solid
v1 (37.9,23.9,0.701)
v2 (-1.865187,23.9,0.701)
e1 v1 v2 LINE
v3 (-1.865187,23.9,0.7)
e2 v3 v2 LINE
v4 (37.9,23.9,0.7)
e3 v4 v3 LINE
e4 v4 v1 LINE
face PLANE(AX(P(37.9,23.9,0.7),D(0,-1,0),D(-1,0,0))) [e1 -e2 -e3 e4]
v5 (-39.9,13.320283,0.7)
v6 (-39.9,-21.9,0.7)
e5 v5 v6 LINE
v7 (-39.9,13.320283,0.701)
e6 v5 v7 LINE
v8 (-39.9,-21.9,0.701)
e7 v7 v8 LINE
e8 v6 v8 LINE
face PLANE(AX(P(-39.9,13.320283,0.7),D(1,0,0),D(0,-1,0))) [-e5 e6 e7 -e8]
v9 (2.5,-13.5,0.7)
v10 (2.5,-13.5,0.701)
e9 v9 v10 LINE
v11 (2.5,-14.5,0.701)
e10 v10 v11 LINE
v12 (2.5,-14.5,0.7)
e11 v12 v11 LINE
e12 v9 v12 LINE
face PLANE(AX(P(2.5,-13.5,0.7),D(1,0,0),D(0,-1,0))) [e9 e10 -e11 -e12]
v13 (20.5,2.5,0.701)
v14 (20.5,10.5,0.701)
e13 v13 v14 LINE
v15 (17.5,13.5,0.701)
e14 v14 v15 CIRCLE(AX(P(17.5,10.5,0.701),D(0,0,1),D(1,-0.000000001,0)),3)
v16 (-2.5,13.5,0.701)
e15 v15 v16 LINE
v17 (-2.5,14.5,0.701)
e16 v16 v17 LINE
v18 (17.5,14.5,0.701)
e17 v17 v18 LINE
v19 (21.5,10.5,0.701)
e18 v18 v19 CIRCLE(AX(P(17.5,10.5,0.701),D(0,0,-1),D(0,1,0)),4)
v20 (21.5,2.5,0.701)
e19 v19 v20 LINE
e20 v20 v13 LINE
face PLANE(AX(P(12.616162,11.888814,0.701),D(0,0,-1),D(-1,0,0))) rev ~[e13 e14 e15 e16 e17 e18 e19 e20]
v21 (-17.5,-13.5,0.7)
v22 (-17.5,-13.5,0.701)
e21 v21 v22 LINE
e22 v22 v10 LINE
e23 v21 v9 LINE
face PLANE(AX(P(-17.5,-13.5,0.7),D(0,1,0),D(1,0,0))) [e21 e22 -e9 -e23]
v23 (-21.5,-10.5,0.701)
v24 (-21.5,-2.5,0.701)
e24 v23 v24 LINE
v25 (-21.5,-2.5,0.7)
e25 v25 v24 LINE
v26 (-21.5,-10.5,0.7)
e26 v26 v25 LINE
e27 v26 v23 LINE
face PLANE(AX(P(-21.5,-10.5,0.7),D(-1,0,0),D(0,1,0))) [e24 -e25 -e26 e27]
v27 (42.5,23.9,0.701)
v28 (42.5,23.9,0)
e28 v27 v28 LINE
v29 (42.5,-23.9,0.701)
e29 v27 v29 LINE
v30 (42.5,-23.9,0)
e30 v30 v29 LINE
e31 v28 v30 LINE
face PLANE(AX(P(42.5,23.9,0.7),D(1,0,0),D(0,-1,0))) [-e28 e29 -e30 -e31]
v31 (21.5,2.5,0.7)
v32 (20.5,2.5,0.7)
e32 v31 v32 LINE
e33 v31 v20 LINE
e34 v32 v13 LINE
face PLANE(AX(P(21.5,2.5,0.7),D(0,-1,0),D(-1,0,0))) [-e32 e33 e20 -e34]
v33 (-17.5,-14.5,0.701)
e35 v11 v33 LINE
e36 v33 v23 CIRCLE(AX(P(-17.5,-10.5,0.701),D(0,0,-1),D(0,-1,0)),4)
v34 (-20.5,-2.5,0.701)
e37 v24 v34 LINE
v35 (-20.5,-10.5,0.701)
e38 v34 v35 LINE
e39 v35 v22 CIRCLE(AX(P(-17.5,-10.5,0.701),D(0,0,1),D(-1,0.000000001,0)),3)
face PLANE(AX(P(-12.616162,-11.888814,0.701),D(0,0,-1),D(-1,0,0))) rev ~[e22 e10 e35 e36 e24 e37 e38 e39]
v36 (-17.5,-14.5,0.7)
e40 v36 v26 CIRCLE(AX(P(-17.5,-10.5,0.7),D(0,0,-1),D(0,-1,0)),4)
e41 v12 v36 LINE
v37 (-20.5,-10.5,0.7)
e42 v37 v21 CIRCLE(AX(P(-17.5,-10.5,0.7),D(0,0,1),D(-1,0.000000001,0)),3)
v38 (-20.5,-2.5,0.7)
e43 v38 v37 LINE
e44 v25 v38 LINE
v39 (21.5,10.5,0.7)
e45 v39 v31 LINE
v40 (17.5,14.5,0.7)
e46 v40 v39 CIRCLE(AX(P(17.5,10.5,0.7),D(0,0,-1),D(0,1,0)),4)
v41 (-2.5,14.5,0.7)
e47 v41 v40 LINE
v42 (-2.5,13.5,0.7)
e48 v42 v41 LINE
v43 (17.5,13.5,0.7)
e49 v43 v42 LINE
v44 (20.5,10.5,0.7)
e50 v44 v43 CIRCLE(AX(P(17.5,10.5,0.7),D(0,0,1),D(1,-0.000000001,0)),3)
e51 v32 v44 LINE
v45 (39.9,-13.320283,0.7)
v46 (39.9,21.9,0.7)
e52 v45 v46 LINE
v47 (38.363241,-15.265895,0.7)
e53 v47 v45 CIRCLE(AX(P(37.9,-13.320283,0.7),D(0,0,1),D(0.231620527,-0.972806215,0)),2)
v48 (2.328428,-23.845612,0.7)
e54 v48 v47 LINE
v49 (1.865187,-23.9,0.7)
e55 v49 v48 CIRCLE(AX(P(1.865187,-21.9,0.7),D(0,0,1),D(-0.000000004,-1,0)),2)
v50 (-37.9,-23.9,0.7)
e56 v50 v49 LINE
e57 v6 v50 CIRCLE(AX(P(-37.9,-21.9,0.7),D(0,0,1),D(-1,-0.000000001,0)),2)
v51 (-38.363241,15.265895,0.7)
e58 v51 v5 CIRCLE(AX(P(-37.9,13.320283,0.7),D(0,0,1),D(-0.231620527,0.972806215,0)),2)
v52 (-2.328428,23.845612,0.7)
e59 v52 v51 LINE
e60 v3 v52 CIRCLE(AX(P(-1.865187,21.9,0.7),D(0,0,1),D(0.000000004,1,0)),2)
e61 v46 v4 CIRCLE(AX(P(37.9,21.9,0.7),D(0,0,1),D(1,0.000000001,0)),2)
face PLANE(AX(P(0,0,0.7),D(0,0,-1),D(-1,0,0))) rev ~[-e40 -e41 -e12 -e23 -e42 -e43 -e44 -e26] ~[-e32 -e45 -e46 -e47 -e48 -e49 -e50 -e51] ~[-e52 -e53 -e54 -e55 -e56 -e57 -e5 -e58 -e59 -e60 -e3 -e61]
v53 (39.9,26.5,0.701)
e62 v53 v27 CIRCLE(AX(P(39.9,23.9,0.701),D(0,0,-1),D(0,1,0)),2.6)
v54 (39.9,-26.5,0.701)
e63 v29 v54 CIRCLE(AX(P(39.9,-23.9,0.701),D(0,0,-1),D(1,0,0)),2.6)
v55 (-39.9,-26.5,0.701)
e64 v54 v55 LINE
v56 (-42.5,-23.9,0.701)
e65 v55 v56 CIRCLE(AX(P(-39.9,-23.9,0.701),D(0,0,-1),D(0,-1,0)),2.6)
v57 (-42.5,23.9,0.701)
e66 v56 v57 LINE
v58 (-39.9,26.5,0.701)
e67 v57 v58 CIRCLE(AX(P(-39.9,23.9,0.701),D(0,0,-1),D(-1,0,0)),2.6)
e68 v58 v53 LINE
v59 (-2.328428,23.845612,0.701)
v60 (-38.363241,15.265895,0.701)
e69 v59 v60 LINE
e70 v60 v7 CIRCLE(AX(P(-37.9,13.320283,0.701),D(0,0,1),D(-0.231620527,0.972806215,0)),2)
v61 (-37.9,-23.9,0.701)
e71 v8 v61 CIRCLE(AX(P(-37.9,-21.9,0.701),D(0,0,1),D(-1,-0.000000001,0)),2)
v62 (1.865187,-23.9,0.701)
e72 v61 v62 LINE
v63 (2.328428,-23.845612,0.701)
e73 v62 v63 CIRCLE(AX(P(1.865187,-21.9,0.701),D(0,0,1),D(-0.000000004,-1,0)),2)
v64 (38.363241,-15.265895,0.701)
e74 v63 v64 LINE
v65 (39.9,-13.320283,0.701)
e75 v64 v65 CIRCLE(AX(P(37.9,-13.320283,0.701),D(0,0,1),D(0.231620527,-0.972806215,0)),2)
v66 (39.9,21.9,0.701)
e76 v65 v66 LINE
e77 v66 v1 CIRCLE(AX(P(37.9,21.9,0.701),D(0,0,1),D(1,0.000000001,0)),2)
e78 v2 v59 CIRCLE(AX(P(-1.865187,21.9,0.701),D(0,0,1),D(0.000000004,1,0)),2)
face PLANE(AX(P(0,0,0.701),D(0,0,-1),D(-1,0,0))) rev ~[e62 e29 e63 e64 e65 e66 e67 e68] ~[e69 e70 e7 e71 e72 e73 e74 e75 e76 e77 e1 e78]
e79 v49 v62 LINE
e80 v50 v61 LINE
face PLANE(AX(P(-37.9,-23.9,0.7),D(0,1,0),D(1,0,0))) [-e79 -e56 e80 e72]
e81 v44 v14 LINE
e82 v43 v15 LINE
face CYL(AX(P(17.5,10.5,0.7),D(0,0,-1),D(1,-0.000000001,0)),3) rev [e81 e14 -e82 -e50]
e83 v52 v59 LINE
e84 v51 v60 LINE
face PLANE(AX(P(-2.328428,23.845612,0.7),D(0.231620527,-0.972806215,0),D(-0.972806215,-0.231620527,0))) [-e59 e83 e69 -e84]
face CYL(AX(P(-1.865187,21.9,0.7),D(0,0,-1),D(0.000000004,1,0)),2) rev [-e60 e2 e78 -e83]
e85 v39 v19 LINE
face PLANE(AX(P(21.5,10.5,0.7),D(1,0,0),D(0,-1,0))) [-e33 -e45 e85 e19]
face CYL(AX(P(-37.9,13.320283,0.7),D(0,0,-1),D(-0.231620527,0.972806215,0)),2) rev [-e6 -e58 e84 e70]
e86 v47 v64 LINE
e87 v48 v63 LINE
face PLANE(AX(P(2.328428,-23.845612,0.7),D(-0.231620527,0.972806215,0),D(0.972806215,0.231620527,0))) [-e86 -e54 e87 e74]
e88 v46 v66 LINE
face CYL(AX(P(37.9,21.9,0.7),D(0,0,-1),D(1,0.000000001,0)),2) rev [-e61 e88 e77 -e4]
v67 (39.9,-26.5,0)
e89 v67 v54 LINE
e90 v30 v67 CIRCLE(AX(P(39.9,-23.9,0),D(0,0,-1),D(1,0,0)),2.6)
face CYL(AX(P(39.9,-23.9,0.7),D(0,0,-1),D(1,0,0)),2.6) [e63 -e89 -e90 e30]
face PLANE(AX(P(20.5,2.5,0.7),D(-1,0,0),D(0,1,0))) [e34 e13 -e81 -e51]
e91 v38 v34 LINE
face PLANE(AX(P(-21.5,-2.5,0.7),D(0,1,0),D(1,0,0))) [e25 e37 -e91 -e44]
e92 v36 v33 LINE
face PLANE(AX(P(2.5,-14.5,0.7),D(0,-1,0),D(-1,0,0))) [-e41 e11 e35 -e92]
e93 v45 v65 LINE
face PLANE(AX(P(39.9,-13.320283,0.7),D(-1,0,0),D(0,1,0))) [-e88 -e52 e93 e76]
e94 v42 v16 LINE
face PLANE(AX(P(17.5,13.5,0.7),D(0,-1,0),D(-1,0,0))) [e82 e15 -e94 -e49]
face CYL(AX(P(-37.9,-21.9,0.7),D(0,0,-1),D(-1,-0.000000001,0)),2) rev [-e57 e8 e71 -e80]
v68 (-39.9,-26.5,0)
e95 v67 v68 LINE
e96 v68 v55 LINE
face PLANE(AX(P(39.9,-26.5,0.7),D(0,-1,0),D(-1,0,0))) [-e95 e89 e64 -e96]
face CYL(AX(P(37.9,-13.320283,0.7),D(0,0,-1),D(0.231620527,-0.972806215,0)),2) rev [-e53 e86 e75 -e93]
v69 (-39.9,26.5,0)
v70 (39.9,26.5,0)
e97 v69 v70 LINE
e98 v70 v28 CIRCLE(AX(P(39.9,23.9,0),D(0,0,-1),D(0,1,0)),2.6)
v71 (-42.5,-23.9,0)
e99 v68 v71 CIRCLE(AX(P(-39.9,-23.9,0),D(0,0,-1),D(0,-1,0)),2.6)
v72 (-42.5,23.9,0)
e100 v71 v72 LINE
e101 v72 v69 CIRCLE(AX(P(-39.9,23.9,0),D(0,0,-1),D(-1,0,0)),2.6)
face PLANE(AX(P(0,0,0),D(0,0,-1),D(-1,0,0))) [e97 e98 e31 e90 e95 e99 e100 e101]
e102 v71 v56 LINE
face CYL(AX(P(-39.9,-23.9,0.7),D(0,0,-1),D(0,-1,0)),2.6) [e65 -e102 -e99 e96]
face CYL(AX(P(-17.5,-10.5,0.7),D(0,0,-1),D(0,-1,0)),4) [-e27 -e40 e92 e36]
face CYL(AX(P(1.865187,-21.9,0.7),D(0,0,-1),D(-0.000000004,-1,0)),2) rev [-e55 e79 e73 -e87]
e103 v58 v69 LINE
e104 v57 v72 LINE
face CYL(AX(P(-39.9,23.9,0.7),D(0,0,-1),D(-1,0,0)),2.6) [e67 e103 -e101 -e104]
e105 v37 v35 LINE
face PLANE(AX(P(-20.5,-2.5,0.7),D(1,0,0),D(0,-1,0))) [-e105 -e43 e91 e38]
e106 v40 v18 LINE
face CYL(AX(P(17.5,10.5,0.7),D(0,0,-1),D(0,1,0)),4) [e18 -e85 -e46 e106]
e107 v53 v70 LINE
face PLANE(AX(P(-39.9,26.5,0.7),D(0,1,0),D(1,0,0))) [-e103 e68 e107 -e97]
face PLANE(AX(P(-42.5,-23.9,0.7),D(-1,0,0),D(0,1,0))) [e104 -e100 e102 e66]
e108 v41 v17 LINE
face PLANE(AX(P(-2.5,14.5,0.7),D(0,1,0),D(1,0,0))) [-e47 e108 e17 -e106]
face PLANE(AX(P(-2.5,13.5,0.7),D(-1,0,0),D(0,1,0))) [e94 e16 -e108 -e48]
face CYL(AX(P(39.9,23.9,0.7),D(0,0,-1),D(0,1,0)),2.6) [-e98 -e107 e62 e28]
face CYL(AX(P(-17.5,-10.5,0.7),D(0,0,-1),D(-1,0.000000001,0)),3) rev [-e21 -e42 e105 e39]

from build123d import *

# Parameters (mm, degrees)
EXTRUDE_1_DEPTH = 0.7
EXTRUDE_2_DEPTH = 0.001
EXTRUDE_5_DEPTH = 0.001


with BuildPart() as part:
    # Эскиз1 → Бобышка-Вытянуть1 (new body)
    with BuildSketch(Plane.XY):
        with BuildLine():
            Line((-39.9, 26.5), (39.9, 26.5))
            ThreePointArc((39.9, 26.5), (41.738477631, 25.738477631), (42.5, 23.9))
            Line((42.5, 23.9), (42.5, -23.9))
            ThreePointArc((42.5, -23.9), (41.738477631, -25.738477631), (39.9, -26.5))
            Line((39.9, -26.5), (-39.9, -26.5))
            ThreePointArc((-39.9, -26.5), (-41.738477631, -25.738477631), (-42.5, -23.9))
            Line((-42.5, -23.9), (-42.5, 23.9))
            ThreePointArc((-42.5, 23.9), (-41.738477631, 25.738477631), (-39.9, 26.5))
        make_face()
    extrude(amount=EXTRUDE_1_DEPTH)

    # Эскиз2 → Бобышка-Вытянуть2 (add)
    with BuildSketch(Plane.XY.offset(0.7)):
        with BuildLine():
            Line((-42.5, -23.9), (-42.5, 23.9))
            ThreePointArc((-42.5, 23.9), (-41.738477631, 25.738477631), (-39.9, 26.5))
            Line((-39.9, 26.5), (39.9, 26.5))
            ThreePointArc((39.9, 26.5), (41.738477631, 25.738477631), (42.5, 23.9))
            Line((42.5, 23.9), (42.5, -23.9))
            ThreePointArc((42.5, -23.9), (41.738477631, -25.738477631), (39.9, -26.5))
            Line((39.9, -26.5), (-39.9, -26.5))
            ThreePointArc((-39.9, -26.5), (-41.738477631, -25.738477631), (-42.5, -23.9))
        make_face()
        with BuildLine():
            Line((37.9, 23.9), (-1.865186742, 23.9))
            ThreePointArc((-1.865186742, 23.9), (-2.098398171, 23.886356572), (-2.328427797, 23.845612429))
            Line((-2.328427797, 23.845612429), (-38.363241055, 15.265894987))
            ThreePointArc((-38.363241055, 15.265894987), (-39.469471585, 14.559943376), (-39.9, 13.320282558))
            Line((-39.9, 13.320282558), (-39.9, -21.9))
            ThreePointArc((-39.9, -21.9), (-39.314213562, -23.314213562), (-37.9, -23.9))
            Line((-37.9, -23.9), (1.865186742, -23.9))
            ThreePointArc((1.865186742, -23.9), (2.098398171, -23.886356572), (2.328427797, -23.845612429))
            Line((2.328427797, -23.845612429), (38.363241055, -15.265894987))
            ThreePointArc((38.363241055, -15.265894987), (39.469471585, -14.559943376), (39.9, -13.320282558))
            Line((39.9, -13.320282558), (39.9, 21.9))
            ThreePointArc((39.9, 21.9), (39.314213562, 23.314213562), (37.9, 23.9))
        make_face(mode=Mode.SUBTRACT)
    extrude(amount=EXTRUDE_2_DEPTH)

    # Эскиз11 → Бобышка-Вытянуть5 (add)
    with BuildSketch(Plane.XY.offset(0.7)):
        with BuildLine():
            Line((-17.5, -13.5), (2.5, -13.5))
            Line((2.5, -13.5), (2.5, -14.5))
            Line((2.5, -14.5), (-17.5, -14.5))
            ThreePointArc((-17.5, -14.5), (-20.328427125, -13.328427125), (-21.5, -10.5))
            Line((-21.5, -10.5), (-21.5, -2.5))
            Line((-21.5, -2.5), (-20.5, -2.5))
            Line((-20.5, -2.5), (-20.5, -10.5))
            ThreePointArc((-20.5, -10.5), (-19.621320344, -12.621320344), (-17.5, -13.5))
        make_face()
        with BuildLine():
            Line((17.5, 13.5), (-2.5, 13.5))
            Line((-2.5, 13.5), (-2.5, 14.5))
            Line((-2.5, 14.5), (17.5, 14.5))
            ThreePointArc((17.5, 14.5), (20.328427125, 13.328427125), (21.5, 10.5))
            Line((21.5, 10.5), (21.5, 2.5))
            Line((21.5, 2.5), (20.5, 2.5))
            Line((20.5, 2.5), (20.5, 10.5))
            ThreePointArc((20.5, 10.5), (19.621320344, 12.621320344), (17.5, 13.5))
        make_face()
    extrude(amount=EXTRUDE_5_DEPTH)


solid = part.part
